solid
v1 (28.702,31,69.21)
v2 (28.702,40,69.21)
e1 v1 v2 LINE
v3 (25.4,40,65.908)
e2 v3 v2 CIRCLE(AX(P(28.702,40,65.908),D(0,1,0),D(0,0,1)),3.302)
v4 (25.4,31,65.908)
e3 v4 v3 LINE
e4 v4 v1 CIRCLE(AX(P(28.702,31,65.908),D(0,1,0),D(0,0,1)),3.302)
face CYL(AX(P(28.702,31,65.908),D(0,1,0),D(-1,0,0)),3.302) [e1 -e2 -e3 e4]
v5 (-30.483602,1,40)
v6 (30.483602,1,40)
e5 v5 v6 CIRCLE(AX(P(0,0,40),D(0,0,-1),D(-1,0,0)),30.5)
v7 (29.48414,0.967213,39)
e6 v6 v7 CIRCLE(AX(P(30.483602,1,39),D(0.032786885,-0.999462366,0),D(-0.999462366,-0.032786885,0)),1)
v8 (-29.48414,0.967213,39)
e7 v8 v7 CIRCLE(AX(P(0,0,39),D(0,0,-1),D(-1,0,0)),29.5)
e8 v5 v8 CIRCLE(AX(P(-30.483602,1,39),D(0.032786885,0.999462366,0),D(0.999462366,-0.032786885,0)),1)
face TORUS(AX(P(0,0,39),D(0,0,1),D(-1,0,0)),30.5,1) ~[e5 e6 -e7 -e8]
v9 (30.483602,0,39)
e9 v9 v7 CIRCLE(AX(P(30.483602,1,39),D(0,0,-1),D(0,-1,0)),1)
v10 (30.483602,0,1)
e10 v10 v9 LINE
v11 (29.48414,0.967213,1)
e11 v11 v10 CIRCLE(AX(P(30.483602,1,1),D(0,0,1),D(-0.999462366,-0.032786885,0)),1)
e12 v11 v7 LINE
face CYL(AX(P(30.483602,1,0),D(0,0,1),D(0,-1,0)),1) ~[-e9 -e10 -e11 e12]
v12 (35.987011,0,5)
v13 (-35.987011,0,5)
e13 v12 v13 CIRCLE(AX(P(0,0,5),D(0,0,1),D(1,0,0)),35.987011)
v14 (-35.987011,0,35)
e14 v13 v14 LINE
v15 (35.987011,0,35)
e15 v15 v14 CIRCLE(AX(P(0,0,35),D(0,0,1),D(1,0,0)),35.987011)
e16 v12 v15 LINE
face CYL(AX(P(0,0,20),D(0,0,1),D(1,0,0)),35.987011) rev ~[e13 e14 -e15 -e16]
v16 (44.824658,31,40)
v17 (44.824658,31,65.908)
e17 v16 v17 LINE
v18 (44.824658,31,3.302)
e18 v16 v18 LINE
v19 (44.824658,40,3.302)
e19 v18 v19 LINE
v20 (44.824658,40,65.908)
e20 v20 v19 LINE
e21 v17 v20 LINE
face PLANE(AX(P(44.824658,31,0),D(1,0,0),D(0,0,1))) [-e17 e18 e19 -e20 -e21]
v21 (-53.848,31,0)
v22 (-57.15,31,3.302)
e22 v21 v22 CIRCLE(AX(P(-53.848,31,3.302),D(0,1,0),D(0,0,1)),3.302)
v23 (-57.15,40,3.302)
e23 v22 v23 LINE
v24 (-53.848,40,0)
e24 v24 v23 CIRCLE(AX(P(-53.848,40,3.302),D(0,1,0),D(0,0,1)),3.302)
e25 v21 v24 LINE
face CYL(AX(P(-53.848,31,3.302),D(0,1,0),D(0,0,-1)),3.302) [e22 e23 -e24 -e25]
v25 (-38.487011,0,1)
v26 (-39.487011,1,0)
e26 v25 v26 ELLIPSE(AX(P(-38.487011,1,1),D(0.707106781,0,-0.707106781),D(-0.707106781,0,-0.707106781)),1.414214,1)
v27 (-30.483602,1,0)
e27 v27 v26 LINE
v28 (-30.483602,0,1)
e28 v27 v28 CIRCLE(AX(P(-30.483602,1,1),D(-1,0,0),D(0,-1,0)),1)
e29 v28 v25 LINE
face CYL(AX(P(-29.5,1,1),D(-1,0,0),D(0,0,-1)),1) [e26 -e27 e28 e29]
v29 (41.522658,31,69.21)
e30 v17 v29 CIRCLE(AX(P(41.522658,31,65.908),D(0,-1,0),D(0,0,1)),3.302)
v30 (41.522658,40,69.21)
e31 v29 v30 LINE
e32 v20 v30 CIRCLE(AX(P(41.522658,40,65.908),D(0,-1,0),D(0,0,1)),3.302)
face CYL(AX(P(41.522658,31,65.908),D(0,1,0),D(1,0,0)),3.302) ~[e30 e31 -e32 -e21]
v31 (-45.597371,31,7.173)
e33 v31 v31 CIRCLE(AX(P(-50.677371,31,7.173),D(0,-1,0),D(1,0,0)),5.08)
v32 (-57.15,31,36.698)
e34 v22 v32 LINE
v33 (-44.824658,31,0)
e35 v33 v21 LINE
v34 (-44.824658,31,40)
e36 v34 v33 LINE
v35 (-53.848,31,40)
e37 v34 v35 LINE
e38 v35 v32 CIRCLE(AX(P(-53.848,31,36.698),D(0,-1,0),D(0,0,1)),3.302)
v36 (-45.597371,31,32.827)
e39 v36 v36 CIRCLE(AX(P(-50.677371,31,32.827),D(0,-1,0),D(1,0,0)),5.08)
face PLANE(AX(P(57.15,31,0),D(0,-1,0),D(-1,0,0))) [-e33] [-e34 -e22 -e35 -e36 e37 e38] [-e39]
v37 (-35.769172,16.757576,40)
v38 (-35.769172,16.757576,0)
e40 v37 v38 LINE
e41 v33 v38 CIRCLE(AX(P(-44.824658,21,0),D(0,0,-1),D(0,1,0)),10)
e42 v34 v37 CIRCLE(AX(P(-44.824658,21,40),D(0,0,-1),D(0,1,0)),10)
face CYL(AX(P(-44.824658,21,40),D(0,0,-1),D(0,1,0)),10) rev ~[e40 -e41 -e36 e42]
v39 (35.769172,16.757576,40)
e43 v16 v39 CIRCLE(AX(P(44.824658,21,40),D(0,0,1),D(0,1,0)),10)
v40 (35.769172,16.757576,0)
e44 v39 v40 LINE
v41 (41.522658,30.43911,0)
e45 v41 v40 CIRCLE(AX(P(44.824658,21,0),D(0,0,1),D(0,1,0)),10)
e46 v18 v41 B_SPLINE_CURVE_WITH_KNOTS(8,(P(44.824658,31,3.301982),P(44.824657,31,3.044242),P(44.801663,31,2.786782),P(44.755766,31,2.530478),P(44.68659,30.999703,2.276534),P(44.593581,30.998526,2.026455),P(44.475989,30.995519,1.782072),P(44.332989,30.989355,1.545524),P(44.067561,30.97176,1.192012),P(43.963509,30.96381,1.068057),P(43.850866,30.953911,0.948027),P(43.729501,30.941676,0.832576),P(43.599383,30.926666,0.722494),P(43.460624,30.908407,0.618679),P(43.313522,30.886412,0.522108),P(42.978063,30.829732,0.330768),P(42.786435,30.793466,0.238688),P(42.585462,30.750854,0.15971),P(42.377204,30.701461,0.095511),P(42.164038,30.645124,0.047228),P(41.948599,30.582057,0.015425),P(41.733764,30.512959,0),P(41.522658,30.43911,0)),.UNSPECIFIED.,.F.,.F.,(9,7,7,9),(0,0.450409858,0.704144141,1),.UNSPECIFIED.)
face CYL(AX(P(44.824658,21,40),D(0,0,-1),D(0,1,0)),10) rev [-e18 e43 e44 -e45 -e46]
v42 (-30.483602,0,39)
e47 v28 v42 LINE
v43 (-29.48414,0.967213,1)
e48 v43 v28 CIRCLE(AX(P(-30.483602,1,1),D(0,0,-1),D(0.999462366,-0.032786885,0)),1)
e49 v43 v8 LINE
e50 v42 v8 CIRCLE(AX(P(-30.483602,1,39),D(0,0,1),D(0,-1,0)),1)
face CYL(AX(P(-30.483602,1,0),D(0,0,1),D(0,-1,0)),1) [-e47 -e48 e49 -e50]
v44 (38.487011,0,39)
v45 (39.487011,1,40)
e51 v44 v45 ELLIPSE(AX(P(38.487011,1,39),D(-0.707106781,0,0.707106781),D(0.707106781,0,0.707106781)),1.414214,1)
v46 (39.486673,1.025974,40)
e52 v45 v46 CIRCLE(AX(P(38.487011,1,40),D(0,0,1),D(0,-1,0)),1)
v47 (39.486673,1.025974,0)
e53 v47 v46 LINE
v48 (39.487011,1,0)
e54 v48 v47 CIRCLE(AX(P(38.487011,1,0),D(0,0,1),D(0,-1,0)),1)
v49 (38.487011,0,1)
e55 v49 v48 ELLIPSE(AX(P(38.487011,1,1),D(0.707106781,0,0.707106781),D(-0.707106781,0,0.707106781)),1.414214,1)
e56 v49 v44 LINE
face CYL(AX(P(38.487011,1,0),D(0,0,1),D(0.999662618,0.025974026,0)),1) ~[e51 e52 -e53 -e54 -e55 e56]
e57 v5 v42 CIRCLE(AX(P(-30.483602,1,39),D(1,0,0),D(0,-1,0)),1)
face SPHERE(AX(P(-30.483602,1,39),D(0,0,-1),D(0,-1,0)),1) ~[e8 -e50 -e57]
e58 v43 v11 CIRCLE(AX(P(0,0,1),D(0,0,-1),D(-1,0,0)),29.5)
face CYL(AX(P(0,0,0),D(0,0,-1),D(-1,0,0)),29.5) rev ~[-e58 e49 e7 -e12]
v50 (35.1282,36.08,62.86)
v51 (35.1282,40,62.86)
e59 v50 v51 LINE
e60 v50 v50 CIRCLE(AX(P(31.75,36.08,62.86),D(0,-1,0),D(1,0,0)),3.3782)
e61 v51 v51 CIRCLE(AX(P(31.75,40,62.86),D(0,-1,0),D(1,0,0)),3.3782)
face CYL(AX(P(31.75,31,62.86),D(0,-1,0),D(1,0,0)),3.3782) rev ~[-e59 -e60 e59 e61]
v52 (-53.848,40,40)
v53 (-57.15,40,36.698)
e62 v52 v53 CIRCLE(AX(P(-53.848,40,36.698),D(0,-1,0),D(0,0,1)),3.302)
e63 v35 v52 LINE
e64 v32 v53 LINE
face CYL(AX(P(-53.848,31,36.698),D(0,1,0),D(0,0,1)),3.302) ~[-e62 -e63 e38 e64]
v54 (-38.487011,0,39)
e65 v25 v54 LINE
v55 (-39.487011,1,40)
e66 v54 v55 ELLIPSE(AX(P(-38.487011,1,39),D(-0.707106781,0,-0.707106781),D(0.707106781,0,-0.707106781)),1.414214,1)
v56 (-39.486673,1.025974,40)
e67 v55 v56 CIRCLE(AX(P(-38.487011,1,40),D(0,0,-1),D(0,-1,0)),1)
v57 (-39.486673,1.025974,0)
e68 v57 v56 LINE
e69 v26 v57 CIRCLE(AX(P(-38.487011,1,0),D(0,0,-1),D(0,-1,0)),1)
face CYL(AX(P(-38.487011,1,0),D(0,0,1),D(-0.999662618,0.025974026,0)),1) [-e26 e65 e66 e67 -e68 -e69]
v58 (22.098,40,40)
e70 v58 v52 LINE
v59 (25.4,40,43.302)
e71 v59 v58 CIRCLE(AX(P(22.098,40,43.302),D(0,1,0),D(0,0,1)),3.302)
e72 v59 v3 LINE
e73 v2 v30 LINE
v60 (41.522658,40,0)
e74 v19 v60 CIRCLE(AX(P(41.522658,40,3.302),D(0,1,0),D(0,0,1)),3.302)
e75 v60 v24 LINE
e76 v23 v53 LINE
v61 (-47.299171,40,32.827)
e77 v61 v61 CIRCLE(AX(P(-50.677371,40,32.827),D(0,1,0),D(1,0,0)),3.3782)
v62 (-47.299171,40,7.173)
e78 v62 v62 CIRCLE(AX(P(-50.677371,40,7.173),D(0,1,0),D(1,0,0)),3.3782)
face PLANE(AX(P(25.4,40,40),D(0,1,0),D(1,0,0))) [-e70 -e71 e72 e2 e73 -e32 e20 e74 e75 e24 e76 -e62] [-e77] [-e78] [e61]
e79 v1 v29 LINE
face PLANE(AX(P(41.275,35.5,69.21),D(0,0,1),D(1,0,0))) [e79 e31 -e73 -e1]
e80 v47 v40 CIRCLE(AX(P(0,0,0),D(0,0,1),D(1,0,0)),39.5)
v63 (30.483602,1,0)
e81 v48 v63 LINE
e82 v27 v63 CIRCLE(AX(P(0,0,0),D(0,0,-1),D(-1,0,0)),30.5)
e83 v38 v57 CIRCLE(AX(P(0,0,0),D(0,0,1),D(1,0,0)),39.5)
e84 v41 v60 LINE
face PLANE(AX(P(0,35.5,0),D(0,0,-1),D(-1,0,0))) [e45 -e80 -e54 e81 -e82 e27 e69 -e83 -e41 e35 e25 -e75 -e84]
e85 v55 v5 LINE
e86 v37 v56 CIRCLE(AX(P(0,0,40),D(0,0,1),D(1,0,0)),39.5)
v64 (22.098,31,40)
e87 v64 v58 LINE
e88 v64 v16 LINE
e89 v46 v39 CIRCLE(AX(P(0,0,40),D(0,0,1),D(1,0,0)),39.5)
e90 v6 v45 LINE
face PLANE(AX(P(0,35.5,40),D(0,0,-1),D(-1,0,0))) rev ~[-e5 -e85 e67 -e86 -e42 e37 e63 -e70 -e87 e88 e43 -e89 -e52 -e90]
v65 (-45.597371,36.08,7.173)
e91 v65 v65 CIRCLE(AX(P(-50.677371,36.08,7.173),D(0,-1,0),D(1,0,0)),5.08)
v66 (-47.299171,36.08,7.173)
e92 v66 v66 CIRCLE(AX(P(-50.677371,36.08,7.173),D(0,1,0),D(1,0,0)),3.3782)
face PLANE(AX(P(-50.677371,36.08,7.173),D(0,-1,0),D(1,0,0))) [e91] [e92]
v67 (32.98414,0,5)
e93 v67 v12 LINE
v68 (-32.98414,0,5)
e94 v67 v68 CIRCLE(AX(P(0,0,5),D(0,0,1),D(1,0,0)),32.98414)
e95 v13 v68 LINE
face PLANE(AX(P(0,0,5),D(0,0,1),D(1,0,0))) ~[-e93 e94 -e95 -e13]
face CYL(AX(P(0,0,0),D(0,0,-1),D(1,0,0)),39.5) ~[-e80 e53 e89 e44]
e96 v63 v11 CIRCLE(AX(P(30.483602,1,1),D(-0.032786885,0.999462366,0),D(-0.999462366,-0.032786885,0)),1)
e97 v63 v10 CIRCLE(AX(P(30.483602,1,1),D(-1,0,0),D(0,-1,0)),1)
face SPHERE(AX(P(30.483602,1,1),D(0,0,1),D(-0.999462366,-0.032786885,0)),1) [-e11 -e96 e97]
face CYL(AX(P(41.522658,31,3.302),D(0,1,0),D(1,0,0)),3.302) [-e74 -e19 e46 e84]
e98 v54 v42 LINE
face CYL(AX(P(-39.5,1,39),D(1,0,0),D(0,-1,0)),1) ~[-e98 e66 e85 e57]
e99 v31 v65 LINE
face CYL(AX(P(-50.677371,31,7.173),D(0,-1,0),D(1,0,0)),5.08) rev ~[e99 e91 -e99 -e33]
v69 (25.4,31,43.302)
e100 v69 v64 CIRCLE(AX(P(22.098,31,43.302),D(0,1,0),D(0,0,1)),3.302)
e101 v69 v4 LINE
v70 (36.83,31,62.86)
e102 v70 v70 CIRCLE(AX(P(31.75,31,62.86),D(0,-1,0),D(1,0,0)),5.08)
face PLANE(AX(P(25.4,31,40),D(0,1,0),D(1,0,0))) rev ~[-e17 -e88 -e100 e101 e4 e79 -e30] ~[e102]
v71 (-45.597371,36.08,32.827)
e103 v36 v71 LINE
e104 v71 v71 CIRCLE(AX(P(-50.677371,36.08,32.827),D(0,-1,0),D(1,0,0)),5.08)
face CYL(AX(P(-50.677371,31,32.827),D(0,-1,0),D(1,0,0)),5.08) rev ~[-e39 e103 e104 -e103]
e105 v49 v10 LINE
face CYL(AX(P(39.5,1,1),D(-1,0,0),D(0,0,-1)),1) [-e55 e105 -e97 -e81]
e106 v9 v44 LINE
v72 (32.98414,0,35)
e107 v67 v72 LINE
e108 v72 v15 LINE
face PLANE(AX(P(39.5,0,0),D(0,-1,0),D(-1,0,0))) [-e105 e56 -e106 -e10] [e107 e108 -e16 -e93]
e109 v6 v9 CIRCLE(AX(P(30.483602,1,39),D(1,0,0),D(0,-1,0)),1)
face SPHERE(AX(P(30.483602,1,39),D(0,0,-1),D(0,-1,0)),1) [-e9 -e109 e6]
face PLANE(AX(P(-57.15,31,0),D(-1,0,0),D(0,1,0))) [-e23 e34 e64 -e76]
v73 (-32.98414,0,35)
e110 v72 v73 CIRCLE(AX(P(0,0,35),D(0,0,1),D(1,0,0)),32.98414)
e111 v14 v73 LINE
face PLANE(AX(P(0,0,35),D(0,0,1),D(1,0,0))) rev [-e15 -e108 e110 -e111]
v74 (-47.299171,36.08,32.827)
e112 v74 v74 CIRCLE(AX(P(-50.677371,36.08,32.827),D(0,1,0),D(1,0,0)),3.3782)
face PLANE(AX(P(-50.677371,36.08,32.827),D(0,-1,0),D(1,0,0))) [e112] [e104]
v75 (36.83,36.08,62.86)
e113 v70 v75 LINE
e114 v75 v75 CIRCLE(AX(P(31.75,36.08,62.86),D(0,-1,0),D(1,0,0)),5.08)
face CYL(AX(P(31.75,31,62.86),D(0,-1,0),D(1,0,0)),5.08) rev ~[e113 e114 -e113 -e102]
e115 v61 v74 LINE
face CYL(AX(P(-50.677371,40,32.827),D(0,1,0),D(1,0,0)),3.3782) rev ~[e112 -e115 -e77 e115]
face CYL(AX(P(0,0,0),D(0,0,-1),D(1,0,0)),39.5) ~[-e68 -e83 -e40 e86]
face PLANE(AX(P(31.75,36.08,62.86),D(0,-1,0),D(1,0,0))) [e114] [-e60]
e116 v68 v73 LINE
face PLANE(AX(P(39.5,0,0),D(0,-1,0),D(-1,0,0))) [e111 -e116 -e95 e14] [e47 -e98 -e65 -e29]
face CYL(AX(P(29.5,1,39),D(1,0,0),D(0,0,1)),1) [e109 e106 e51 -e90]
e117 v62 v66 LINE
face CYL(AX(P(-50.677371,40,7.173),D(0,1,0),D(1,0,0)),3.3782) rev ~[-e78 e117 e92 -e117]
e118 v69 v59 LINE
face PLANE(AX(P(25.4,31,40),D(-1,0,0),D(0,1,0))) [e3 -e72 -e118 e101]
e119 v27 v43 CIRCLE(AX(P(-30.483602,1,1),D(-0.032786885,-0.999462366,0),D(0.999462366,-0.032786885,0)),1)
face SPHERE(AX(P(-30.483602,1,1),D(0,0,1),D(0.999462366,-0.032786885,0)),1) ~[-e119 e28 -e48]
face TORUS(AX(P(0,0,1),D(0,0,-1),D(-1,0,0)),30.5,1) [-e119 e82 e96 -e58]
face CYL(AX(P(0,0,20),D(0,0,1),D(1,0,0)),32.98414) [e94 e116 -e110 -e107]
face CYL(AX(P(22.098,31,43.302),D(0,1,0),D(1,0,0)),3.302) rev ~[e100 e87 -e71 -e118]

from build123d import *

# Parameters (mm, degrees)
SKETCH1_R           = 39.5
BOSS_EXTRUDE1_DEPTH = 40
CUT_EXTRUDE2_DEPTH  = 41
CUT_EXTRUDE3_DEPTH  = 41
FILLET2_R           = 1
SKETCH6_W           = 114.3
SKETCH6_H           = 9
BOSS_EXTRUDE2_DEPTH = 40
FILLET6_R           = 10
CUT_EXTRUDE4_REACH  = 42
SKETCH9_R           = 3.3782
SKETCH11_W          = 31.75
SKETCH11_H          = 9
BOSS_EXTRUDE3_DEPTH = 29.21
SKETCH4_W           = 3.002871012
SKETCH4_H           = 30
FILLET7_R           = 3.302
SKETCH13_R          = 5.08
CUT_EXTRUDE6_DEPTH  = 5.08
SKETCH15_R          = 3.3782
CUT_EXTRUDE8_DEPTH  = 10
SKETCH16_R          = 5.08
CUT_EXTRUDE9_DEPTH  = 5.08
SKETCH17_W          = 36.586278343
SKETCH17_H          = 70.835632368
CUT_EXTRUDE10_DEPTH = 10
FILLET8_R           = 3.302


with BuildPart() as part:
    # Sketch1 → Boss-Extrude1 (new body)
    with BuildSketch(Plane.XY):
        Circle(SKETCH1_R)
    extrude(amount=BOSS_EXTRUDE1_DEPTH)

    # Sketch2 → Cut-Extrude2 (cut, through all)
    with BuildSketch(Plane(origin=(0, 0, 0), x_dir=(-1, 0, 0), z_dir=(0, 0, -1))):
        with BuildLine():
            Line((-39.5, 0), (39.5, 0))
            ThreePointArc((39.5, 0), (0, -39.5), (-39.5, 0))
        make_face()
    extrude(amount=-CUT_EXTRUDE2_DEPTH, mode=Mode.SUBTRACT)

    # Sketch3 → Cut-Extrude3 (cut, through all)
    with BuildSketch(Plane(origin=(0, 0, 0), x_dir=(-1, 0, 0), z_dir=(0, 0, -1))):
        with BuildLine():
            Line((-29.5, 0), (29.5, 0))
            ThreePointArc((29.5, 0), (0, 29.5), (-29.5, 0))
        make_face()
    extrude(amount=-CUT_EXTRUDE3_DEPTH, mode=Mode.SUBTRACT)

    # Fillet2
    fillet2_edges = [part.edges().sort_by_distance(p)[0] for p in [
        (-34.5, 0, 0),
        (-34.5, 0, 40),
        (0, 29.5, 40),
        (29.5, 0, 20),
        (-29.5, 0, 20),
        (0, 29.5, 0),
        (-39.5, 0, 20),
        (34.5, 0, 0),
        (39.5, 0, 20),
        (34.5, 0, 40),
    ]]
    fillet(fillet2_edges, radius=FILLET2_R)

    # Sketch6 → Boss-Extrude2 (add)
    with BuildSketch(Plane(origin=(0, 0, 0), x_dir=(-1, 0, 0), z_dir=(0, 0, -1))):
        with Locations((0, 35.5)):
            Rectangle(SKETCH6_W, SKETCH6_H)
    extrude(amount=-BOSS_EXTRUDE2_DEPTH)

    # Fillet6
    fillet6_edges = [part.edges().sort_by_distance(p)[0] for p in [
        (-24.47958333, 31, 20),
        (24.47958333, 31, 20),
    ]]
    fillet(fillet6_edges, radius=FILLET6_R)

    # Sketch9 → Cut-Extrude4 (cut, up to next)
    with BuildSketch(Plane(origin=(0, 40, 0), x_dir=(1, 0, 0), z_dir=(0, 1, 0)), mode=Mode.PRIVATE) as cut_extrude4_sk1:
        with Locations((-50.677371465, -7.173)):
            Circle(SKETCH9_R)
    cut_extrude4_tool1 = extrude(cut_extrude4_sk1.sketch, amount=-CUT_EXTRUDE4_REACH, mode=Mode.PRIVATE) & part.part
    add(cut_extrude4_tool1.solids().sort_by_distance((-50.677371, 40, 7.173))[0], mode=Mode.SUBTRACT)
    # Sketch9 → Cut-Extrude4 (cut, up to next)
    with BuildSketch(Plane(origin=(0, 40, 0), x_dir=(1, 0, 0), z_dir=(0, 1, 0)), mode=Mode.PRIVATE) as cut_extrude4_sk2:
        with Locations((-50.677371465, -32.827)):
            Circle(SKETCH9_R)
    cut_extrude4_tool2 = extrude(cut_extrude4_sk2.sketch, amount=-CUT_EXTRUDE4_REACH, mode=Mode.PRIVATE) & part.part
    add(cut_extrude4_tool2.solids().sort_by_distance((-50.677371, 40, 32.827))[0], mode=Mode.SUBTRACT)

    # Sketch11 → Boss-Extrude3 (add)
    with BuildSketch(Plane.XY.offset(40)):
        with Locations((41.275, 35.5)):
            Rectangle(SKETCH11_W, SKETCH11_H)
    extrude(amount=BOSS_EXTRUDE3_DEPTH)

    # Sketch4 → Cut-Revolve1 (revolve, cut)
    with BuildSketch(Plane.XZ):
        with Locations((34.48557529, 20)):
            Rectangle(SKETCH4_W, SKETCH4_H)
    revolve(axis=Axis((0, 0, 0), (0, 0, 1)), mode=Mode.SUBTRACT)

    # Fillet7
    fillet7_edges = [part.edges().sort_by_distance(p)[0] for p in [
        (25.4, 35.5, 40),
        (25.4, 35.5, 69.21),
        (57.15, 35.5, 69.21),
        (-57.15, 35.5, 0),
        (57.15, 35.5, 0),
        (-57.15, 35.5, 40),
    ]]
    fillet(fillet7_edges, radius=FILLET7_R)

    # Sketch13 → Cut-Extrude6 (cut)
    with BuildSketch(Plane.XZ.offset(-31)):
        with Locations((-50.677371465, 32.827)):
            Circle(SKETCH13_R)
        with Locations((-50.677371465, 7.173)):
            Circle(SKETCH13_R)
    extrude(amount=-CUT_EXTRUDE6_DEPTH, mode=Mode.SUBTRACT)

    # Sketch15 → Cut-Extrude8 (cut, through all)
    with BuildSketch(Plane.XZ.offset(-31)):
        with Locations((31.75, 62.86)):
            Circle(SKETCH15_R)
    extrude(amount=-CUT_EXTRUDE8_DEPTH, mode=Mode.SUBTRACT)

    # Sketch16 → Cut-Extrude9 (cut)
    with BuildSketch(Plane.XZ.offset(-31)):
        with Locations((31.75, 62.86)):
            Circle(SKETCH16_R)
    extrude(amount=-CUT_EXTRUDE9_DEPTH, mode=Mode.SUBTRACT)

    # Sketch17 → Cut-Extrude10 (cut, through all)
    with BuildSketch(Plane.XZ.offset(-31)):
        with Locations((63.117797564, 35.417816184)):
            Rectangle(SKETCH17_W, SKETCH17_H)
    extrude(amount=-CUT_EXTRUDE10_DEPTH, mode=Mode.SUBTRACT)

    # Fillet8
    fillet8_edges = [part.edges().sort_by_distance(p)[0] for p in [
        (44.824658392, 35.5, 69.21),
        (44.824658392, 35.5, 0),
    ]]
    fillet(fillet8_edges, radius=FILLET8_R)


solid = part.part
